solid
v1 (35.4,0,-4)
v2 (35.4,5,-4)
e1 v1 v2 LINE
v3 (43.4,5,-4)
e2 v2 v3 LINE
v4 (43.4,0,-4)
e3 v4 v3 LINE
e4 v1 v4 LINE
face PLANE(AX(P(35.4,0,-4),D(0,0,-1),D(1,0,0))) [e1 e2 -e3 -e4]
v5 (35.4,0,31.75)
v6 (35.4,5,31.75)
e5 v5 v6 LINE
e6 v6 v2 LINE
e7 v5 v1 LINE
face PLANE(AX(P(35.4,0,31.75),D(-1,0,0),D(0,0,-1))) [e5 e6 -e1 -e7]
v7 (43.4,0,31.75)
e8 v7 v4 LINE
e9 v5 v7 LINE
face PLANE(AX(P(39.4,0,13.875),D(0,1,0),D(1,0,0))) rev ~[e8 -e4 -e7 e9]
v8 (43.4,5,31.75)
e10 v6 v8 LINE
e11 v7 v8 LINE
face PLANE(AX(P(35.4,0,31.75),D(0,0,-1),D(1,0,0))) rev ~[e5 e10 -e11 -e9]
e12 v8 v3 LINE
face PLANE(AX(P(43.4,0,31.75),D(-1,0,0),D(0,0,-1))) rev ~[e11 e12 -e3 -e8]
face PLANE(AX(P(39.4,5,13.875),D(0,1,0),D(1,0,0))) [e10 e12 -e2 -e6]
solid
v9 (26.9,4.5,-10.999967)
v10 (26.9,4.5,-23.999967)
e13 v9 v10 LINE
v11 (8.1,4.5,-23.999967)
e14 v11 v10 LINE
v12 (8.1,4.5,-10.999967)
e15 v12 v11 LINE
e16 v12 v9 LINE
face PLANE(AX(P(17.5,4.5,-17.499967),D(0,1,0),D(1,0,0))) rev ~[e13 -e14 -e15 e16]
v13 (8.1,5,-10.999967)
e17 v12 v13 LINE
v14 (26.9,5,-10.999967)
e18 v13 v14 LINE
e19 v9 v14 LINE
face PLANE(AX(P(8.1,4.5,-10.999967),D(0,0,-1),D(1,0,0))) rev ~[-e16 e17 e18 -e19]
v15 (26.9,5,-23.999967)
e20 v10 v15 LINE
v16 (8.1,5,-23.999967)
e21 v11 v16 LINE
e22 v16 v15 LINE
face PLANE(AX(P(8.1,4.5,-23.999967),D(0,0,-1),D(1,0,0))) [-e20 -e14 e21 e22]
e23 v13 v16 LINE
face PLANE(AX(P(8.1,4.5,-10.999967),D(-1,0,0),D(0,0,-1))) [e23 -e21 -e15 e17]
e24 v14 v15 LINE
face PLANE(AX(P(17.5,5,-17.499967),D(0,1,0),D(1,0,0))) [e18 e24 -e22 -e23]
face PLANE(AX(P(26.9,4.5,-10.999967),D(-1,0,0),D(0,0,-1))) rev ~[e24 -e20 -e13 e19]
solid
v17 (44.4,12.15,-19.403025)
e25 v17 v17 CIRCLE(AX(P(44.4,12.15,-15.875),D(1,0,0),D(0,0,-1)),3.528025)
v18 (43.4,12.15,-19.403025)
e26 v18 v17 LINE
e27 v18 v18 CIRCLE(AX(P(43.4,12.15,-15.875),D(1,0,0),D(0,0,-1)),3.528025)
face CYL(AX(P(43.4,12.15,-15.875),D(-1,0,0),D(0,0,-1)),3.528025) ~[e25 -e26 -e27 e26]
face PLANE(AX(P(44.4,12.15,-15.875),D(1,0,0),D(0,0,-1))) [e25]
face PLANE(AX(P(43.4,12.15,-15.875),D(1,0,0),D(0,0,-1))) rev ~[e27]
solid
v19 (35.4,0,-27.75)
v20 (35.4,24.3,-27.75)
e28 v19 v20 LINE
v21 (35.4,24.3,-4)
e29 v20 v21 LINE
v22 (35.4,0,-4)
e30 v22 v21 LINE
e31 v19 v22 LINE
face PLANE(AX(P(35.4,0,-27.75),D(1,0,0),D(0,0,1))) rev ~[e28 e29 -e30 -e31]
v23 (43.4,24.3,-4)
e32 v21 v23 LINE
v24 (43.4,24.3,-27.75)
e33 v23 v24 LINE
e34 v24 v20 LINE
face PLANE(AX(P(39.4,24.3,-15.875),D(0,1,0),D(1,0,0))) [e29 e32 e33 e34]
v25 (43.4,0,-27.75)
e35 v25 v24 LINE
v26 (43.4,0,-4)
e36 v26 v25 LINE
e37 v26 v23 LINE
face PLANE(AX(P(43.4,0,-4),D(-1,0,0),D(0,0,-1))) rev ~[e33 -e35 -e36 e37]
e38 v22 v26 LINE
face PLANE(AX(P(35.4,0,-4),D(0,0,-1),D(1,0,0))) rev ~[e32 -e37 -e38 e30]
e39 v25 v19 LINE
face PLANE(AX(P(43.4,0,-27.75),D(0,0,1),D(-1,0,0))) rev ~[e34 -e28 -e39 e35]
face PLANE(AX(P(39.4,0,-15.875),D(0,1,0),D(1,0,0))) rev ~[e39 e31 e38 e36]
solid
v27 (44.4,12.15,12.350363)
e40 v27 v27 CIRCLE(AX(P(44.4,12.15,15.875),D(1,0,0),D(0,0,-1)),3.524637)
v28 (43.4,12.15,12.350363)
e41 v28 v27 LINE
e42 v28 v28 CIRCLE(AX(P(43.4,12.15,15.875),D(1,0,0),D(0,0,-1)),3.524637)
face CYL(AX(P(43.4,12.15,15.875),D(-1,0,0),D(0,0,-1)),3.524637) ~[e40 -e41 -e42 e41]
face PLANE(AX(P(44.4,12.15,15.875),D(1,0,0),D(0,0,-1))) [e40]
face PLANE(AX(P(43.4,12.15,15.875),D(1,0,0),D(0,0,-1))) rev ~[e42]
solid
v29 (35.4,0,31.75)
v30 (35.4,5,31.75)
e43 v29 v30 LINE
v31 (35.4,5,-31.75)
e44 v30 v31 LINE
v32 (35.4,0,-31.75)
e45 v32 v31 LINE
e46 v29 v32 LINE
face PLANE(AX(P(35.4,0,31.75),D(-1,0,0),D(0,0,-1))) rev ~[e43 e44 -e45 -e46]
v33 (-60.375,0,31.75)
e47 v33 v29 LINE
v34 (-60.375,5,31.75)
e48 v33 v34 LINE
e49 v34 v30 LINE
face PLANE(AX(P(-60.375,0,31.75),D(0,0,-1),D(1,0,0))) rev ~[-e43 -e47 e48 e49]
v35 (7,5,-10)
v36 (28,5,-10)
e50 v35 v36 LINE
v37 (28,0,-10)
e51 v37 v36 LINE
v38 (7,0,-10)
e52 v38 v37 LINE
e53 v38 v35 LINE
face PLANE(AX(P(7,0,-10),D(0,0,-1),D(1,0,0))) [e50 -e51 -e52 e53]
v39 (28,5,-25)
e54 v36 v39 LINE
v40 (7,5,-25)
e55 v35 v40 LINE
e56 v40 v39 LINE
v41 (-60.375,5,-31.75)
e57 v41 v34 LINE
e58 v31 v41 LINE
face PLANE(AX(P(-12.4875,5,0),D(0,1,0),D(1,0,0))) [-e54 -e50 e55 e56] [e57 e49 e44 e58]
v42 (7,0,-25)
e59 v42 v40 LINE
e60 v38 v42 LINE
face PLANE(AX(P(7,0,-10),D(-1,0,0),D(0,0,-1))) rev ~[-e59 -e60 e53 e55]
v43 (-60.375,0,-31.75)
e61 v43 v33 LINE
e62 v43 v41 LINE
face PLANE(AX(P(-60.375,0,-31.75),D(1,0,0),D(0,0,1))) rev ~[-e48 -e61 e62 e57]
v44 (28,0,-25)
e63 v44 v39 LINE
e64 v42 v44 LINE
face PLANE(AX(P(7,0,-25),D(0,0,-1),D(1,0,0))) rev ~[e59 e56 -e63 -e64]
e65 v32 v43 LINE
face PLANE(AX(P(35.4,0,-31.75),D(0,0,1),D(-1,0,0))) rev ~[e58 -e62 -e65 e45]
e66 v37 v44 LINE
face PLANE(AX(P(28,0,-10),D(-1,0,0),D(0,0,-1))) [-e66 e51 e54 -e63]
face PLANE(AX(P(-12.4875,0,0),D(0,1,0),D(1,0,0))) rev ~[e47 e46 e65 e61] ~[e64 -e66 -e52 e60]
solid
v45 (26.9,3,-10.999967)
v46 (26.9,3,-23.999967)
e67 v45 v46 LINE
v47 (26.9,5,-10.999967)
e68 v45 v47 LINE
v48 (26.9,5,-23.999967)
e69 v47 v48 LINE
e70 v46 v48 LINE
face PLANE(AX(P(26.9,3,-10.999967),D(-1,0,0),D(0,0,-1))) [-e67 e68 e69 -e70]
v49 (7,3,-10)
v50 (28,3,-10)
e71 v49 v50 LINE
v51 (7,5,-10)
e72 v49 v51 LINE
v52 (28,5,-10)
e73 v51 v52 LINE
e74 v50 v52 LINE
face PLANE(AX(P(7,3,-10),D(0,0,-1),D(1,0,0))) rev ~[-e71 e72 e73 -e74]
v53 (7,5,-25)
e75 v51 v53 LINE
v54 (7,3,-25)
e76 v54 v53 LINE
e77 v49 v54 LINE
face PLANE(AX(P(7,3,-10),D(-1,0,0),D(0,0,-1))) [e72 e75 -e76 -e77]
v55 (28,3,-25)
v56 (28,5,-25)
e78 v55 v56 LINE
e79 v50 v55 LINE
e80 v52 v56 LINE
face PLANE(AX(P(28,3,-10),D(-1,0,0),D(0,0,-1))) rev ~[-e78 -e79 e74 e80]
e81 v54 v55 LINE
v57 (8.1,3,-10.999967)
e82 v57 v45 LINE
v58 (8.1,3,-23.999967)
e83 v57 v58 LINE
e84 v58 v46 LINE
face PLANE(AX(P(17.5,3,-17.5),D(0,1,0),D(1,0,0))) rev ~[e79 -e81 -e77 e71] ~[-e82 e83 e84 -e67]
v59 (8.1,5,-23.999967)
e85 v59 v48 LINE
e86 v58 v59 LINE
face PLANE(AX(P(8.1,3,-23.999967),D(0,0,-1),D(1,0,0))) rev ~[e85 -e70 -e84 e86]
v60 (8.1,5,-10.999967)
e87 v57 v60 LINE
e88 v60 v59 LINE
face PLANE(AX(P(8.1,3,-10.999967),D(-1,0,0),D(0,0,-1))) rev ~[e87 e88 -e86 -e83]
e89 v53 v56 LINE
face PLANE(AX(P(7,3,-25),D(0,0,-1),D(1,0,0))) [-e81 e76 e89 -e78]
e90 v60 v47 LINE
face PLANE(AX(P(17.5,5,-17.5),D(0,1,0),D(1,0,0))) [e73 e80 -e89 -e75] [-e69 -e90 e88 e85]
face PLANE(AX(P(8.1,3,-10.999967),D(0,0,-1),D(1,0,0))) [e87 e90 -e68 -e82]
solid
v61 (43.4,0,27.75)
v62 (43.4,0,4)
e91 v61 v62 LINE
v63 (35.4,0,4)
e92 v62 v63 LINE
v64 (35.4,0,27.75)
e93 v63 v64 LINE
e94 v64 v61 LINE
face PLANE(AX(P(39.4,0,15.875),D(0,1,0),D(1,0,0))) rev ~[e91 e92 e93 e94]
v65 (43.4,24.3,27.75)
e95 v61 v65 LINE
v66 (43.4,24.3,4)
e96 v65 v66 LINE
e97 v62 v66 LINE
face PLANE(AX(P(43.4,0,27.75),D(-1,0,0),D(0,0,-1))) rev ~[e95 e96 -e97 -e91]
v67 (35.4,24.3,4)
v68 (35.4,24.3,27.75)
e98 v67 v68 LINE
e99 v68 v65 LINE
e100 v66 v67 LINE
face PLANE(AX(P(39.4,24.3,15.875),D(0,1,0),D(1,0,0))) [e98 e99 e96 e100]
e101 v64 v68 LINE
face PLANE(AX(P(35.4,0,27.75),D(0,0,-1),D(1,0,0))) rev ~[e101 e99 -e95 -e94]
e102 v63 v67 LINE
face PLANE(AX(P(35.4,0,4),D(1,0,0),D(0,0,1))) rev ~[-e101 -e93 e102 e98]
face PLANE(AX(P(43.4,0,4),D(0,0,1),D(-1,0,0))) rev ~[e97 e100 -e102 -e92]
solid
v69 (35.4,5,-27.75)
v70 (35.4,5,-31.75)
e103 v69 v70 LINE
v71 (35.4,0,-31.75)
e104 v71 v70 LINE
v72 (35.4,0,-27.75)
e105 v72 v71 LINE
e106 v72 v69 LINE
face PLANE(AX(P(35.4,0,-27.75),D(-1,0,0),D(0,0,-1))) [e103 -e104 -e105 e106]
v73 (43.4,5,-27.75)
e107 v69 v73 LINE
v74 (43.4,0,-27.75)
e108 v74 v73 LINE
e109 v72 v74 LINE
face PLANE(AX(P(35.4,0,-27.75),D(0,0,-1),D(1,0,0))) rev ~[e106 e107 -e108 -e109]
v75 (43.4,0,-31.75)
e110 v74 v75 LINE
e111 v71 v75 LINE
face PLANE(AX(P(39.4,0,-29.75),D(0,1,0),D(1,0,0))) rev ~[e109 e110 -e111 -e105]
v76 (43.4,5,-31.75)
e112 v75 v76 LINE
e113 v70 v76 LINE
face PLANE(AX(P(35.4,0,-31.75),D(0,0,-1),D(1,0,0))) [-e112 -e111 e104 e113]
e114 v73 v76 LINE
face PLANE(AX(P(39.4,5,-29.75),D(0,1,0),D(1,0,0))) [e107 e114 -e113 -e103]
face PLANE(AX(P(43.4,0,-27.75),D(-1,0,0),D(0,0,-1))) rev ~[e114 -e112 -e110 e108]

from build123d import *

# Parameters (mm, degrees)
SKETCH1_W             = 21
SKETCH1_H             = 15
BOSS_EXTRUDE1_DEPTH   = 5
SKETCH1_3_W           = 8
SKETCH1_3_H           = 4
BOSS_EXTRUDE2_DEPTH   = 5
SKETCH1_3_H_2         = 35.75
BOSS_EXTRUDE2_2_DEPTH = 5
BOSS_EXTRUDE3_DEPTH   = 24.3
BOSS_EXTRUDE3_2_DEPTH = 24.3
BOSS_EXTRUDE4_START   = 4.5
SKETCH1_5_W           = 18.8
SKETCH1_5_H           = 13
BOSS_EXTRUDE4_DEPTH   = 0.5
BOSS_EXTRUDE5_START   = 3
SKETCH1_6_W           = 21
SKETCH1_6_H           = 15
SKETCH1_6_W_2         = 18.8
SKETCH1_6_H_2         = 13
BOSS_EXTRUDE5_DEPTH   = 2
SKETCH2_R             = 3.528024563
BOSS_EXTRUDE6_DEPTH   = 1
SKETCH2_R_2           = 3.524637116
BOSS_EXTRUDE6_2_DEPTH = 1


with BuildPart() as part:
    # Sketch1 → Boss-Extrude1 (new body)
    with BuildSketch(Plane(origin=(0, 0, 0), x_dir=(1, 0, 0), z_dir=(0, 1, 0))):
        Polygon((35.4, 27.75), (35.4, 31.75), (-60.375, 31.75), (-60.375, -31.75), (35.4, -31.75), (35.4, -27.75), (35.4, -4), (35.4, 4), align=None)
        with Locations((17.5, 17.5)):
            Rectangle(SKETCH1_W, SKETCH1_H, mode=Mode.SUBTRACT)
    extrude(amount=BOSS_EXTRUDE1_DEPTH)


with BuildPart() as body_2:
    # Sketch1<3> → Boss-Extrude2 (new body)
    with BuildSketch(Plane(origin=(0, 0, 0), x_dir=(1, 0, 0), z_dir=(0, 1, 0))):
        with Locations((39.4, 29.75)):
            Rectangle(SKETCH1_3_W, SKETCH1_3_H)
    extrude(amount=BOSS_EXTRUDE2_DEPTH)


with BuildPart() as body_3:
    # Sketch1<3> → Boss-Extrude2 2 (new body)
    with BuildSketch(Plane(origin=(0, 0, 0), x_dir=(1, 0, 0), z_dir=(0, 1, 0))):
        with Locations((39.4, -13.875)):
            Rectangle(SKETCH1_3_W, SKETCH1_3_H_2)
    extrude(amount=BOSS_EXTRUDE2_2_DEPTH)


with BuildPart() as body_4:
    # Sketch1<4> → Boss-Extrude3 (new body)
    with BuildSketch(Plane(origin=(0, 0, 0), x_dir=(1, 0, 0), z_dir=(0, 1, 0))):
        Polygon((43.4, 4), (43.4, 27.75), (35.4, 27.75), (35.4, 4), (39.4, 4), align=None)
    extrude(amount=BOSS_EXTRUDE3_DEPTH)


with BuildPart() as body_5:
    # Sketch1<4> → Boss-Extrude3 2 (new body)
    with BuildSketch(Plane(origin=(0, 0, 0), x_dir=(1, 0, 0), z_dir=(0, 1, 0))):
        Polygon((43.4, -27.75), (43.4, -4), (39.4, -4), (35.4, -4), (35.4, -27.75), align=None)
    extrude(amount=BOSS_EXTRUDE3_2_DEPTH)


with BuildPart() as body_6:
    # Sketch1<5> → Boss-Extrude4 (new body)
    with BuildSketch(Plane(origin=(0, 0, 0), x_dir=(1, 0, 0), z_dir=(0, 1, 0)).offset(BOSS_EXTRUDE4_START)):
        with Locations((17.5, 17.499967273)):
            Rectangle(SKETCH1_5_W, SKETCH1_5_H)
    extrude(amount=BOSS_EXTRUDE4_DEPTH)


with BuildPart() as body_7:
    # Sketch1<6> → Boss-Extrude5 (new body)
    with BuildSketch(Plane(origin=(0, 0, 0), x_dir=(1, 0, 0), z_dir=(0, 1, 0)).offset(BOSS_EXTRUDE5_START)):
        with Locations((17.5, 17.5)):
            Rectangle(SKETCH1_6_W, SKETCH1_6_H)
        with Locations((17.5, 17.499967273)):
            Rectangle(SKETCH1_6_W_2, SKETCH1_6_H_2, mode=Mode.SUBTRACT)
    extrude(amount=BOSS_EXTRUDE5_DEPTH)


with BuildPart() as body_8:
    # Sketch2 → Boss-Extrude6 (new body)
    with BuildSketch(Plane(origin=(43.4, 0, 0), x_dir=(0, 0, -1), z_dir=(1, 0, 0))):
        with Locations((15.875, 12.15)):
            Circle(SKETCH2_R)
    extrude(amount=BOSS_EXTRUDE6_DEPTH)


with BuildPart() as body_9:
    # Sketch2 → Boss-Extrude6 2 (new body)
    with BuildSketch(Plane(origin=(43.4, 0, 0), x_dir=(0, 0, -1), z_dir=(1, 0, 0))):
        with Locations((-15.875, 12.15)):
            Circle(SKETCH2_R_2)
    extrude(amount=BOSS_EXTRUDE6_2_DEPTH)


solid = Compound([part.part, body_2.part, body_3.part, body_4.part, body_5.part, body_6.part, body_7.part, body_8.part, body_9.part])
